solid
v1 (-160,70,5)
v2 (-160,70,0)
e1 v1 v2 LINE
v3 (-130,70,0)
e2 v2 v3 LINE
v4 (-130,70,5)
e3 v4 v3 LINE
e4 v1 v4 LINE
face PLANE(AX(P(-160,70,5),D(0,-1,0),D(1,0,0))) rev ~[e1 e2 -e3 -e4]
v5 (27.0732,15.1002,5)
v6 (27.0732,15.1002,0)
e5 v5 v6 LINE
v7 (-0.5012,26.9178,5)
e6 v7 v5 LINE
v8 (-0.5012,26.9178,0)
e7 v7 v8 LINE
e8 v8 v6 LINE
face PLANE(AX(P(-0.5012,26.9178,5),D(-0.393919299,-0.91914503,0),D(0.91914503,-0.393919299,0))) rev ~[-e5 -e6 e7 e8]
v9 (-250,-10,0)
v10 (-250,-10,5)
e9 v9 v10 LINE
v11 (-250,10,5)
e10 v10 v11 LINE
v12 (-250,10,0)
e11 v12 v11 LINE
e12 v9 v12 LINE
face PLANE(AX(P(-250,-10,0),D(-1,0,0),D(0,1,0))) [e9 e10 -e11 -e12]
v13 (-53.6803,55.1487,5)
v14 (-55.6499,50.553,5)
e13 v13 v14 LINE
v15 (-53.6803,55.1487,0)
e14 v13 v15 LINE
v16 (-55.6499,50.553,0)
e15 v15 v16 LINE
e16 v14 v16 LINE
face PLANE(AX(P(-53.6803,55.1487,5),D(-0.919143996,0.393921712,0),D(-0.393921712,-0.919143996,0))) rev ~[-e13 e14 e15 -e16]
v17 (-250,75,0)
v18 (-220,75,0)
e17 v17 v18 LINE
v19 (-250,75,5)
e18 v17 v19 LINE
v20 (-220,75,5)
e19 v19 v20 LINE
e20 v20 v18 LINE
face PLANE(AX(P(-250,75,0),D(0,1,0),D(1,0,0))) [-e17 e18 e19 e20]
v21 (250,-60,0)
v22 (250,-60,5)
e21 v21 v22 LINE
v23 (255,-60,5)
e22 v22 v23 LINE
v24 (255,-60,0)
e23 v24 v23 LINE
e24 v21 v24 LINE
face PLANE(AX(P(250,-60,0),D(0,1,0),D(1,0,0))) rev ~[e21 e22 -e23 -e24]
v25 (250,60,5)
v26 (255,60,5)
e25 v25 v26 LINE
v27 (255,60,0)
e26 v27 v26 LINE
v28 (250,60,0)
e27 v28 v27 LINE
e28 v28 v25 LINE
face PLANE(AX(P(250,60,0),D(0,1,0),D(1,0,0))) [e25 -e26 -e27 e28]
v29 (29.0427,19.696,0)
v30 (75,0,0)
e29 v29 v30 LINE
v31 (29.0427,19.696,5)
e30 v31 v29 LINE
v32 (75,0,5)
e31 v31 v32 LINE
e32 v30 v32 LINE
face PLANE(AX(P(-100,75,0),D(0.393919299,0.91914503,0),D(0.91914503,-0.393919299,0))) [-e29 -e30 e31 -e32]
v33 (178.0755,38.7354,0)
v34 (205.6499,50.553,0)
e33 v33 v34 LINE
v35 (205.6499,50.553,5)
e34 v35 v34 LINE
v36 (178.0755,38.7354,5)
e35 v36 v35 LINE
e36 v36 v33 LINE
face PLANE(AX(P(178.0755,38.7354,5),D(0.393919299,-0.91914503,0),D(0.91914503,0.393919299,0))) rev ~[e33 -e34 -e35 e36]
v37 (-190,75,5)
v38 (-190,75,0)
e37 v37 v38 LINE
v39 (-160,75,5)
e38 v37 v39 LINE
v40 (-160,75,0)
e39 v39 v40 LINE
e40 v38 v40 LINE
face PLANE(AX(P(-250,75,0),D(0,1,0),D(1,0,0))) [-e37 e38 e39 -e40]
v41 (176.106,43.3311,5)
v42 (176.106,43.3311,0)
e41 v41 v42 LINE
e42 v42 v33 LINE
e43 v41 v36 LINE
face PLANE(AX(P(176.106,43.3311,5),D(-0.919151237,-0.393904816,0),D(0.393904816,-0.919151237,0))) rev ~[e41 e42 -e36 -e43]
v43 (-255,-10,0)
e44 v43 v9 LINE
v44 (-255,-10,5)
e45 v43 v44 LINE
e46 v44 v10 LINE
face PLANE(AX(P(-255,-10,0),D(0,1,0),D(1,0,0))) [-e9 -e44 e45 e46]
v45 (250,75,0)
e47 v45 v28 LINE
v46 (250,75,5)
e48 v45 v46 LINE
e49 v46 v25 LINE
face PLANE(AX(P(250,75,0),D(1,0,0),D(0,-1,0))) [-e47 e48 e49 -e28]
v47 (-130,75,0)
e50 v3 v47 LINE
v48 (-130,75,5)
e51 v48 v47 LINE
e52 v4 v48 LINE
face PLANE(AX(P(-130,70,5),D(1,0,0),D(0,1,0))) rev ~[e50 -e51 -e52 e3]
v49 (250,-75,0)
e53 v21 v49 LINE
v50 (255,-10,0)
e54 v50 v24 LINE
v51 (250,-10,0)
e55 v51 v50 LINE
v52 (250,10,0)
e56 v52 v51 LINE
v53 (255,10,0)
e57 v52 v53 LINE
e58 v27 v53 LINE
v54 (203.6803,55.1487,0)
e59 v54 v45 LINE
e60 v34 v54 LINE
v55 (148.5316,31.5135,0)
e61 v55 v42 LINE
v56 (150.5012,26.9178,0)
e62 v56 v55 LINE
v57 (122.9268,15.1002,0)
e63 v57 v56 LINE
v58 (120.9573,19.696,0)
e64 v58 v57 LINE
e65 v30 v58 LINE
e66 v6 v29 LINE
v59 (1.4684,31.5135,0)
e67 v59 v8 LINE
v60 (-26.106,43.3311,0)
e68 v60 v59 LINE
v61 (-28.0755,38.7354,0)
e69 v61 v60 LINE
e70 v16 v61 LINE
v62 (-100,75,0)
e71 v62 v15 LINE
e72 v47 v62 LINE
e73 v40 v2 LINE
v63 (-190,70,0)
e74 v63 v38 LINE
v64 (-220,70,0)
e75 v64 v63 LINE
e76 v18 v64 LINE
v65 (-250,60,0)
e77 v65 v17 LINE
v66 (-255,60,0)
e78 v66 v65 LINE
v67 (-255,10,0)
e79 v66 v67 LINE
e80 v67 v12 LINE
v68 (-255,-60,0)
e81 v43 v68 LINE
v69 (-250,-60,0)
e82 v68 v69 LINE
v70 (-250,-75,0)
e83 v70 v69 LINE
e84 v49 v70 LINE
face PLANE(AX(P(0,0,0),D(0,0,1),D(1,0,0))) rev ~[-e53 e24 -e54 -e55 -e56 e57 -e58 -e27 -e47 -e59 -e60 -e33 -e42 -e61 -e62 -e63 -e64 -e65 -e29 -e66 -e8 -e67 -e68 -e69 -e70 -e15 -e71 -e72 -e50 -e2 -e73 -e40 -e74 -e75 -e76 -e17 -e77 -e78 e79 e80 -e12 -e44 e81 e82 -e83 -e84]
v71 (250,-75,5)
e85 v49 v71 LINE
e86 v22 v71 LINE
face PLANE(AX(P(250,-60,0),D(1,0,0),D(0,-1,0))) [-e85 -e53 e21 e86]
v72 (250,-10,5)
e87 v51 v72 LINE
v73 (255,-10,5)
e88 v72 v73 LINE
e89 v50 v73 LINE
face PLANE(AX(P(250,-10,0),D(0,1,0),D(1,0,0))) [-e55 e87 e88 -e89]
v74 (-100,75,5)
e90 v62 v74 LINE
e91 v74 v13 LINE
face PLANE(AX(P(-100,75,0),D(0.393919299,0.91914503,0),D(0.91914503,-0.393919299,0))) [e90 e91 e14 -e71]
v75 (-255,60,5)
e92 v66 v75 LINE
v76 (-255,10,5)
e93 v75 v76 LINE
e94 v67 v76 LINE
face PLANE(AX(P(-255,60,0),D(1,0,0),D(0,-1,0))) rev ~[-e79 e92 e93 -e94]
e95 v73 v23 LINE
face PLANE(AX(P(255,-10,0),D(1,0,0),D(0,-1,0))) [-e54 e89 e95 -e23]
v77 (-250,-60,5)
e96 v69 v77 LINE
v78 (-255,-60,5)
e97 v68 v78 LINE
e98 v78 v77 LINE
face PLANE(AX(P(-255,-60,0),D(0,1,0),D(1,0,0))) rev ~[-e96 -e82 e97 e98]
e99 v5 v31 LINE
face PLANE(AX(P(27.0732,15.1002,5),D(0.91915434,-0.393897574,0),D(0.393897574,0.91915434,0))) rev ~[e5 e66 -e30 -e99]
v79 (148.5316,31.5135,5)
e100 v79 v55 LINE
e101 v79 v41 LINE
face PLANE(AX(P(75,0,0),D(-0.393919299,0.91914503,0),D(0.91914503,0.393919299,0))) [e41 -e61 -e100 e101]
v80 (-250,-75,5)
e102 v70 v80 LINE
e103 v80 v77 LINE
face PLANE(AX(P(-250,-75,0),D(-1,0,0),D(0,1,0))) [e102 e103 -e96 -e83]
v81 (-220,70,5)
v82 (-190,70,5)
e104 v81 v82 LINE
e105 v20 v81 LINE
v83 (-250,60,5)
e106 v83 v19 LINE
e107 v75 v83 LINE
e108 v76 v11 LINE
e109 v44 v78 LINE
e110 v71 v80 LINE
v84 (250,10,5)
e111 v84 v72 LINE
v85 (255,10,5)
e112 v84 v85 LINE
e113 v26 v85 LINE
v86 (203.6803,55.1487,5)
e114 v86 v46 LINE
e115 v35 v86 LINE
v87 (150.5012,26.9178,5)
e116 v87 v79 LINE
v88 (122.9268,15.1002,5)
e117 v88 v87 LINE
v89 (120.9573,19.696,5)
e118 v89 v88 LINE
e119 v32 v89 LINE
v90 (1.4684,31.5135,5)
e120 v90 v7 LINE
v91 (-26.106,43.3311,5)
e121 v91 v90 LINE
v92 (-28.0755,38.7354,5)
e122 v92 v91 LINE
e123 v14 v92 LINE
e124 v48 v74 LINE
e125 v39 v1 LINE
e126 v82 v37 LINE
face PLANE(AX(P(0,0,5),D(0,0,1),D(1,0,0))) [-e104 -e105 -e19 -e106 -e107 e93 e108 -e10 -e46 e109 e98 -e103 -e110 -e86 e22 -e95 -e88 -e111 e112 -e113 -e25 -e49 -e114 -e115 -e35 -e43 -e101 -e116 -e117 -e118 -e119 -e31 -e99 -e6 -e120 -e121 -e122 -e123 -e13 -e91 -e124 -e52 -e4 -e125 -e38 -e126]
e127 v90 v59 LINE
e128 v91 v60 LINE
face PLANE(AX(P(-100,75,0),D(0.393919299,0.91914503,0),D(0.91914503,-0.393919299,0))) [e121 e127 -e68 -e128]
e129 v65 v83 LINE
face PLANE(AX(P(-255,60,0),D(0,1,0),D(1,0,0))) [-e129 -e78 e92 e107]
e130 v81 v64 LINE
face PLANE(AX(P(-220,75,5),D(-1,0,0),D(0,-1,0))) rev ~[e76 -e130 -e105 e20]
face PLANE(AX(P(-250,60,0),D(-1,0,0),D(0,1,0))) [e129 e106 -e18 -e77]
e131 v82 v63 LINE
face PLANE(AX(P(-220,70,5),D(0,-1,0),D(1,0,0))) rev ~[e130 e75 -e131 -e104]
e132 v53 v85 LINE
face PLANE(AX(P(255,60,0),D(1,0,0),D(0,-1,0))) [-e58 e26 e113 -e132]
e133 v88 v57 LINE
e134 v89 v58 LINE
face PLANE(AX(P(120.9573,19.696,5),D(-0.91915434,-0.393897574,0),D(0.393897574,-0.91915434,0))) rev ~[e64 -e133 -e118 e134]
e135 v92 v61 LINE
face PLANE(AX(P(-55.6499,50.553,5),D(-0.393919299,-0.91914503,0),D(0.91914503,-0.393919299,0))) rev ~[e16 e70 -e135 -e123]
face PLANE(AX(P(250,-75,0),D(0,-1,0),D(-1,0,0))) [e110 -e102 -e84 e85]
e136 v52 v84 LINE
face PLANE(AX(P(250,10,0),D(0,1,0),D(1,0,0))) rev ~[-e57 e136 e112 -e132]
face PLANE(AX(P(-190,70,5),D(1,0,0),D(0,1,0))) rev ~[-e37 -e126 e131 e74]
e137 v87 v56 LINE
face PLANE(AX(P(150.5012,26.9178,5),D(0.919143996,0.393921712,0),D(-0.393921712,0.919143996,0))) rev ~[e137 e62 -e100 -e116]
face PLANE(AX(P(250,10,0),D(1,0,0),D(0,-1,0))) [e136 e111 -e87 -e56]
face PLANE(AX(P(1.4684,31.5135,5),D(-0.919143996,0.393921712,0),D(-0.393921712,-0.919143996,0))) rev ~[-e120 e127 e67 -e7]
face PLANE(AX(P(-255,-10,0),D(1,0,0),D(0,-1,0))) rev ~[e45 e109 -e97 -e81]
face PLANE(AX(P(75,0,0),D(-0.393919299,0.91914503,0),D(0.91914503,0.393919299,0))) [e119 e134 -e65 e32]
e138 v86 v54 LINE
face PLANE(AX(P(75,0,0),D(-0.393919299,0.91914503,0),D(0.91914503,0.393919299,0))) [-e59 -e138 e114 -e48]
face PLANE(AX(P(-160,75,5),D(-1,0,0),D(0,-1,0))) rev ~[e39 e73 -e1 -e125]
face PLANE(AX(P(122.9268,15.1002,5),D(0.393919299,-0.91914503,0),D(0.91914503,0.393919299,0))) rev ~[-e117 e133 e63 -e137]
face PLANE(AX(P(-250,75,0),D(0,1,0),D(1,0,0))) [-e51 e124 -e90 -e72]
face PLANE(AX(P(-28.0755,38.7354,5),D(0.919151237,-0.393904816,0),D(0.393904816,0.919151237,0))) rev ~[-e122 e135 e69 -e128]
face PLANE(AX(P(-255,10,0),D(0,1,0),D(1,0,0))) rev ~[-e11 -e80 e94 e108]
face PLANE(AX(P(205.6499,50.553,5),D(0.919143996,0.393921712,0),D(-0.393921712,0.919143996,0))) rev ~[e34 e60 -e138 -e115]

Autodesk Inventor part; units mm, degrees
ref_plane "YZ Plane" through (0, 0, 0) normal (1, 0, 0) x (0, 1, 0)
ref_plane "XZ Plane" through (0, 0, 0) normal (0, 1, 0) x (-1, 0, 0)
ref_plane "XY Plane" through (0, 0, 0) normal (0, 0, 1) x (1, 0, 0)
sketch "Sketch1" plane through (0, 0, 0) normal (0, 0, 1) x (1, 0, 0)
  line L0 (250, -75) -> (-250, -75) projected
  line L1 (250, 75) -> (250, -75) projected
  line L2 (75, 0) -> (250, 75) projected
  line L3 (-100, 75) -> (75, 0) projected
  line L4 (-250, 75) -> (-100, 75) projected
  line L5 (-250, -75) -> (-250, 75) projected
  line L6 (-255, -10) -> (-255, -60) projected
  line L7 (-255, -60) -> (-250, -60) projected
  line L8 (-250, -10) -> (-250, -60) projected
  line L9 (-255, -10) -> (-250, -10) projected
  line L10 (-255, 60) -> (-255, 10) projected
  line L11 (-255, 10) -> (-250, 10) projected
  line L12 (-250, 60) -> (-250, 10) projected
  line L13 (-255, 60) -> (-250, 60) projected
  line L14 (250, 60) -> (250, 10) projected
  line L15 (250, 10) -> (255, 10) projected
  line L16 (255, 60) -> (255, 10) projected
  line L17 (250, 60) -> (255, 60) projected
  line L18 (250, -10) -> (250, -60) projected
  line L19 (250, -60) -> (255, -60) projected
  line L20 (255, -10) -> (255, -60) projected
  line L21 (250, -10) -> (255, -10) projected
  point P0 (0, 0)
extrude "Extrusion1" add sketch "Sketch1" along normal blind 5
sketch "Sketch2" plane through (0, 0, 5) normal (0, 0, 1) x (1, 0, 0)
  point P0 (0, 0)
sketch "Sketch3" plane through (0, 0, 5) normal (0, 0, 1) x (1, 0, 0)
  line L0 (27.0732, 15.1002) -> (29.0427, 19.696) projected
  line L1 (29.0427, 19.696) -> (75, 0) projected
  line L2 (75, 0) -> (120.9573, 19.696) projected
  line L3 (120.9573, 19.696) -> (122.9268, 15.1002) projected
  line L4 (122.9268, 15.1002) -> (150.5012, 26.9178) projected
  line L5 (150.5012, 26.9178) -> (148.5316, 31.5135) projected
  line L6 (148.5316, 31.5135) -> (176.106, 43.3311) projected
  line L7 (176.106, 43.3311) -> (178.0755, 38.7354) projected
  line L8 (178.0755, 38.7354) -> (205.6499, 50.553) projected
  line L9 (205.6499, 50.553) -> (203.6803, 55.1487) projected
  line L10 (203.6803, 55.1487) -> (250, 75) projected
  line L11 (250, 75) -> (250, 60) projected
  line L12 (250, 60) -> (255, 60) projected
  line L13 (255, 60) -> (255, 10) projected
  line L14 (255, 10) -> (250, 10) projected
  line L15 (250, 10) -> (250, -10) projected
  line L16 (250, -10) -> (255, -10) projected
  line L17 (255, -10) -> (255, -60) projected
  line L18 (255, -60) -> (250, -60) projected
  line L19 (250, -60) -> (250, -75) projected
  line L20 (250, -75) -> (-250, -75) projected
  line L21 (-250, -75) -> (-250, -60) projected
  line L22 (-250, -60) -> (-255, -60) projected
  line L23 (-255, -60) -> (-255, -10) projected
  line L24 (-255, -10) -> (-250, -10) projected
  line L25 (-250, -10) -> (-250, 10) projected
  line L26 (-250, 10) -> (-255, 10) projected
  line L27 (-255, 10) -> (-255, 60) projected
  line L28 (-255, 60) -> (-250, 60) projected
  line L29 (-250, 60) -> (-250, 75) projected
  line L30 (-250, 75) -> (-220, 75) projected
  line L31 (-220, 75) -> (-220, 70) projected
  line L32 (-220, 70) -> (-190, 70) projected
  line L33 (-190, 70) -> (-190, 75) projected
  line L34 (-190, 75) -> (-160, 75) projected
  line L35 (-160, 75) -> (-160, 70) projected
  line L36 (-160, 70) -> (-130, 70) projected
  line L37 (-130, 70) -> (-130, 75) projected
  line L38 (-130, 75) -> (-100, 75) projected
  line L39 (-100, 75) -> (-53.6803, 55.1487) projected
  line L40 (-53.6803, 55.1487) -> (-55.6499, 50.553) projected
  line L41 (-55.6499, 50.553) -> (-28.0755, 38.7354) projected
  line L42 (-28.0755, 38.7354) -> (-26.106, 43.3311) projected
  line L43 (-26.106, 43.3311) -> (1.4684, 31.5135) projected
  line L44 (1.4684, 31.5135) -> (-0.5012, 26.9178) projected
  line L45 (-0.5012, 26.9178) -> (27.0732, 15.1002) projected
  line L46 (-255, 10) -> (-250, 10) projected
  line L47 (-250, 10) -> (-250, -10) projected
  line L48 (-250, -10) -> (-255, -10) projected
  line L49 (-255, -10) -> (-255, -60) projected
  line L50 (-255, -60) -> (-250, -60) projected
  line L51 (-250, -60) -> (-250, -75) projected
  line L52 (-250, -75) -> (250, -75) projected
  line L53 (250, -75) -> (250, -60) projected
  line L54 (250, -60) -> (255, -60) projected
  line L55 (255, -60) -> (255, -10) projected
  line L56 (255, -10) -> (250, -10) projected
  line L57 (250, -10) -> (250, 10) projected
  line L58 (250, 10) -> (255, 10) projected
  line L59 (255, 10) -> (255, 60) projected
  line L60 (255, 60) -> (250, 60) projected
  line L61 (250, 60) -> (250, 75) projected
  line L62 (250, 75) -> (75, 0) projected
  line L63 (75, 0) -> (-100, 75) projected
  line L64 (-100, 75) -> (-250, 75) projected
  line L65 (-250, 75) -> (-250, 60) projected
  line L66 (-250, 60) -> (-255, 60) projected
  line L67 (-255, 60) -> (-255, 10) projected
  line L68 (-220, 10) -> (-220, 5) projected
  line L69 (-220, 5) -> (-190, 5) projected
  line L70 (-190, 5) -> (-190, 10) projected
  line L71 (-190, 10) -> (-220, 10) projected
  line L72 (-160, 10) -> (-160, 5) projected
  line L73 (-160, 5) -> (-130, 5) projected
  line L74 (-130, 5) -> (-130, 10) projected
  line L75 (-130, 10) -> (-160, 10) projected
  point P0 (0, 0)
extrude "Extrusion2" cut sketch "Sketch3" against normal blind 5 contours L45 L44 L63 L0 | L62 L5 L4 L3 | L42 L41 L40 L63 | L62 L9 L8 L7 | L37 L36 L35 L64 | L33 L32 L31 L64
properties part number "Fondo"
